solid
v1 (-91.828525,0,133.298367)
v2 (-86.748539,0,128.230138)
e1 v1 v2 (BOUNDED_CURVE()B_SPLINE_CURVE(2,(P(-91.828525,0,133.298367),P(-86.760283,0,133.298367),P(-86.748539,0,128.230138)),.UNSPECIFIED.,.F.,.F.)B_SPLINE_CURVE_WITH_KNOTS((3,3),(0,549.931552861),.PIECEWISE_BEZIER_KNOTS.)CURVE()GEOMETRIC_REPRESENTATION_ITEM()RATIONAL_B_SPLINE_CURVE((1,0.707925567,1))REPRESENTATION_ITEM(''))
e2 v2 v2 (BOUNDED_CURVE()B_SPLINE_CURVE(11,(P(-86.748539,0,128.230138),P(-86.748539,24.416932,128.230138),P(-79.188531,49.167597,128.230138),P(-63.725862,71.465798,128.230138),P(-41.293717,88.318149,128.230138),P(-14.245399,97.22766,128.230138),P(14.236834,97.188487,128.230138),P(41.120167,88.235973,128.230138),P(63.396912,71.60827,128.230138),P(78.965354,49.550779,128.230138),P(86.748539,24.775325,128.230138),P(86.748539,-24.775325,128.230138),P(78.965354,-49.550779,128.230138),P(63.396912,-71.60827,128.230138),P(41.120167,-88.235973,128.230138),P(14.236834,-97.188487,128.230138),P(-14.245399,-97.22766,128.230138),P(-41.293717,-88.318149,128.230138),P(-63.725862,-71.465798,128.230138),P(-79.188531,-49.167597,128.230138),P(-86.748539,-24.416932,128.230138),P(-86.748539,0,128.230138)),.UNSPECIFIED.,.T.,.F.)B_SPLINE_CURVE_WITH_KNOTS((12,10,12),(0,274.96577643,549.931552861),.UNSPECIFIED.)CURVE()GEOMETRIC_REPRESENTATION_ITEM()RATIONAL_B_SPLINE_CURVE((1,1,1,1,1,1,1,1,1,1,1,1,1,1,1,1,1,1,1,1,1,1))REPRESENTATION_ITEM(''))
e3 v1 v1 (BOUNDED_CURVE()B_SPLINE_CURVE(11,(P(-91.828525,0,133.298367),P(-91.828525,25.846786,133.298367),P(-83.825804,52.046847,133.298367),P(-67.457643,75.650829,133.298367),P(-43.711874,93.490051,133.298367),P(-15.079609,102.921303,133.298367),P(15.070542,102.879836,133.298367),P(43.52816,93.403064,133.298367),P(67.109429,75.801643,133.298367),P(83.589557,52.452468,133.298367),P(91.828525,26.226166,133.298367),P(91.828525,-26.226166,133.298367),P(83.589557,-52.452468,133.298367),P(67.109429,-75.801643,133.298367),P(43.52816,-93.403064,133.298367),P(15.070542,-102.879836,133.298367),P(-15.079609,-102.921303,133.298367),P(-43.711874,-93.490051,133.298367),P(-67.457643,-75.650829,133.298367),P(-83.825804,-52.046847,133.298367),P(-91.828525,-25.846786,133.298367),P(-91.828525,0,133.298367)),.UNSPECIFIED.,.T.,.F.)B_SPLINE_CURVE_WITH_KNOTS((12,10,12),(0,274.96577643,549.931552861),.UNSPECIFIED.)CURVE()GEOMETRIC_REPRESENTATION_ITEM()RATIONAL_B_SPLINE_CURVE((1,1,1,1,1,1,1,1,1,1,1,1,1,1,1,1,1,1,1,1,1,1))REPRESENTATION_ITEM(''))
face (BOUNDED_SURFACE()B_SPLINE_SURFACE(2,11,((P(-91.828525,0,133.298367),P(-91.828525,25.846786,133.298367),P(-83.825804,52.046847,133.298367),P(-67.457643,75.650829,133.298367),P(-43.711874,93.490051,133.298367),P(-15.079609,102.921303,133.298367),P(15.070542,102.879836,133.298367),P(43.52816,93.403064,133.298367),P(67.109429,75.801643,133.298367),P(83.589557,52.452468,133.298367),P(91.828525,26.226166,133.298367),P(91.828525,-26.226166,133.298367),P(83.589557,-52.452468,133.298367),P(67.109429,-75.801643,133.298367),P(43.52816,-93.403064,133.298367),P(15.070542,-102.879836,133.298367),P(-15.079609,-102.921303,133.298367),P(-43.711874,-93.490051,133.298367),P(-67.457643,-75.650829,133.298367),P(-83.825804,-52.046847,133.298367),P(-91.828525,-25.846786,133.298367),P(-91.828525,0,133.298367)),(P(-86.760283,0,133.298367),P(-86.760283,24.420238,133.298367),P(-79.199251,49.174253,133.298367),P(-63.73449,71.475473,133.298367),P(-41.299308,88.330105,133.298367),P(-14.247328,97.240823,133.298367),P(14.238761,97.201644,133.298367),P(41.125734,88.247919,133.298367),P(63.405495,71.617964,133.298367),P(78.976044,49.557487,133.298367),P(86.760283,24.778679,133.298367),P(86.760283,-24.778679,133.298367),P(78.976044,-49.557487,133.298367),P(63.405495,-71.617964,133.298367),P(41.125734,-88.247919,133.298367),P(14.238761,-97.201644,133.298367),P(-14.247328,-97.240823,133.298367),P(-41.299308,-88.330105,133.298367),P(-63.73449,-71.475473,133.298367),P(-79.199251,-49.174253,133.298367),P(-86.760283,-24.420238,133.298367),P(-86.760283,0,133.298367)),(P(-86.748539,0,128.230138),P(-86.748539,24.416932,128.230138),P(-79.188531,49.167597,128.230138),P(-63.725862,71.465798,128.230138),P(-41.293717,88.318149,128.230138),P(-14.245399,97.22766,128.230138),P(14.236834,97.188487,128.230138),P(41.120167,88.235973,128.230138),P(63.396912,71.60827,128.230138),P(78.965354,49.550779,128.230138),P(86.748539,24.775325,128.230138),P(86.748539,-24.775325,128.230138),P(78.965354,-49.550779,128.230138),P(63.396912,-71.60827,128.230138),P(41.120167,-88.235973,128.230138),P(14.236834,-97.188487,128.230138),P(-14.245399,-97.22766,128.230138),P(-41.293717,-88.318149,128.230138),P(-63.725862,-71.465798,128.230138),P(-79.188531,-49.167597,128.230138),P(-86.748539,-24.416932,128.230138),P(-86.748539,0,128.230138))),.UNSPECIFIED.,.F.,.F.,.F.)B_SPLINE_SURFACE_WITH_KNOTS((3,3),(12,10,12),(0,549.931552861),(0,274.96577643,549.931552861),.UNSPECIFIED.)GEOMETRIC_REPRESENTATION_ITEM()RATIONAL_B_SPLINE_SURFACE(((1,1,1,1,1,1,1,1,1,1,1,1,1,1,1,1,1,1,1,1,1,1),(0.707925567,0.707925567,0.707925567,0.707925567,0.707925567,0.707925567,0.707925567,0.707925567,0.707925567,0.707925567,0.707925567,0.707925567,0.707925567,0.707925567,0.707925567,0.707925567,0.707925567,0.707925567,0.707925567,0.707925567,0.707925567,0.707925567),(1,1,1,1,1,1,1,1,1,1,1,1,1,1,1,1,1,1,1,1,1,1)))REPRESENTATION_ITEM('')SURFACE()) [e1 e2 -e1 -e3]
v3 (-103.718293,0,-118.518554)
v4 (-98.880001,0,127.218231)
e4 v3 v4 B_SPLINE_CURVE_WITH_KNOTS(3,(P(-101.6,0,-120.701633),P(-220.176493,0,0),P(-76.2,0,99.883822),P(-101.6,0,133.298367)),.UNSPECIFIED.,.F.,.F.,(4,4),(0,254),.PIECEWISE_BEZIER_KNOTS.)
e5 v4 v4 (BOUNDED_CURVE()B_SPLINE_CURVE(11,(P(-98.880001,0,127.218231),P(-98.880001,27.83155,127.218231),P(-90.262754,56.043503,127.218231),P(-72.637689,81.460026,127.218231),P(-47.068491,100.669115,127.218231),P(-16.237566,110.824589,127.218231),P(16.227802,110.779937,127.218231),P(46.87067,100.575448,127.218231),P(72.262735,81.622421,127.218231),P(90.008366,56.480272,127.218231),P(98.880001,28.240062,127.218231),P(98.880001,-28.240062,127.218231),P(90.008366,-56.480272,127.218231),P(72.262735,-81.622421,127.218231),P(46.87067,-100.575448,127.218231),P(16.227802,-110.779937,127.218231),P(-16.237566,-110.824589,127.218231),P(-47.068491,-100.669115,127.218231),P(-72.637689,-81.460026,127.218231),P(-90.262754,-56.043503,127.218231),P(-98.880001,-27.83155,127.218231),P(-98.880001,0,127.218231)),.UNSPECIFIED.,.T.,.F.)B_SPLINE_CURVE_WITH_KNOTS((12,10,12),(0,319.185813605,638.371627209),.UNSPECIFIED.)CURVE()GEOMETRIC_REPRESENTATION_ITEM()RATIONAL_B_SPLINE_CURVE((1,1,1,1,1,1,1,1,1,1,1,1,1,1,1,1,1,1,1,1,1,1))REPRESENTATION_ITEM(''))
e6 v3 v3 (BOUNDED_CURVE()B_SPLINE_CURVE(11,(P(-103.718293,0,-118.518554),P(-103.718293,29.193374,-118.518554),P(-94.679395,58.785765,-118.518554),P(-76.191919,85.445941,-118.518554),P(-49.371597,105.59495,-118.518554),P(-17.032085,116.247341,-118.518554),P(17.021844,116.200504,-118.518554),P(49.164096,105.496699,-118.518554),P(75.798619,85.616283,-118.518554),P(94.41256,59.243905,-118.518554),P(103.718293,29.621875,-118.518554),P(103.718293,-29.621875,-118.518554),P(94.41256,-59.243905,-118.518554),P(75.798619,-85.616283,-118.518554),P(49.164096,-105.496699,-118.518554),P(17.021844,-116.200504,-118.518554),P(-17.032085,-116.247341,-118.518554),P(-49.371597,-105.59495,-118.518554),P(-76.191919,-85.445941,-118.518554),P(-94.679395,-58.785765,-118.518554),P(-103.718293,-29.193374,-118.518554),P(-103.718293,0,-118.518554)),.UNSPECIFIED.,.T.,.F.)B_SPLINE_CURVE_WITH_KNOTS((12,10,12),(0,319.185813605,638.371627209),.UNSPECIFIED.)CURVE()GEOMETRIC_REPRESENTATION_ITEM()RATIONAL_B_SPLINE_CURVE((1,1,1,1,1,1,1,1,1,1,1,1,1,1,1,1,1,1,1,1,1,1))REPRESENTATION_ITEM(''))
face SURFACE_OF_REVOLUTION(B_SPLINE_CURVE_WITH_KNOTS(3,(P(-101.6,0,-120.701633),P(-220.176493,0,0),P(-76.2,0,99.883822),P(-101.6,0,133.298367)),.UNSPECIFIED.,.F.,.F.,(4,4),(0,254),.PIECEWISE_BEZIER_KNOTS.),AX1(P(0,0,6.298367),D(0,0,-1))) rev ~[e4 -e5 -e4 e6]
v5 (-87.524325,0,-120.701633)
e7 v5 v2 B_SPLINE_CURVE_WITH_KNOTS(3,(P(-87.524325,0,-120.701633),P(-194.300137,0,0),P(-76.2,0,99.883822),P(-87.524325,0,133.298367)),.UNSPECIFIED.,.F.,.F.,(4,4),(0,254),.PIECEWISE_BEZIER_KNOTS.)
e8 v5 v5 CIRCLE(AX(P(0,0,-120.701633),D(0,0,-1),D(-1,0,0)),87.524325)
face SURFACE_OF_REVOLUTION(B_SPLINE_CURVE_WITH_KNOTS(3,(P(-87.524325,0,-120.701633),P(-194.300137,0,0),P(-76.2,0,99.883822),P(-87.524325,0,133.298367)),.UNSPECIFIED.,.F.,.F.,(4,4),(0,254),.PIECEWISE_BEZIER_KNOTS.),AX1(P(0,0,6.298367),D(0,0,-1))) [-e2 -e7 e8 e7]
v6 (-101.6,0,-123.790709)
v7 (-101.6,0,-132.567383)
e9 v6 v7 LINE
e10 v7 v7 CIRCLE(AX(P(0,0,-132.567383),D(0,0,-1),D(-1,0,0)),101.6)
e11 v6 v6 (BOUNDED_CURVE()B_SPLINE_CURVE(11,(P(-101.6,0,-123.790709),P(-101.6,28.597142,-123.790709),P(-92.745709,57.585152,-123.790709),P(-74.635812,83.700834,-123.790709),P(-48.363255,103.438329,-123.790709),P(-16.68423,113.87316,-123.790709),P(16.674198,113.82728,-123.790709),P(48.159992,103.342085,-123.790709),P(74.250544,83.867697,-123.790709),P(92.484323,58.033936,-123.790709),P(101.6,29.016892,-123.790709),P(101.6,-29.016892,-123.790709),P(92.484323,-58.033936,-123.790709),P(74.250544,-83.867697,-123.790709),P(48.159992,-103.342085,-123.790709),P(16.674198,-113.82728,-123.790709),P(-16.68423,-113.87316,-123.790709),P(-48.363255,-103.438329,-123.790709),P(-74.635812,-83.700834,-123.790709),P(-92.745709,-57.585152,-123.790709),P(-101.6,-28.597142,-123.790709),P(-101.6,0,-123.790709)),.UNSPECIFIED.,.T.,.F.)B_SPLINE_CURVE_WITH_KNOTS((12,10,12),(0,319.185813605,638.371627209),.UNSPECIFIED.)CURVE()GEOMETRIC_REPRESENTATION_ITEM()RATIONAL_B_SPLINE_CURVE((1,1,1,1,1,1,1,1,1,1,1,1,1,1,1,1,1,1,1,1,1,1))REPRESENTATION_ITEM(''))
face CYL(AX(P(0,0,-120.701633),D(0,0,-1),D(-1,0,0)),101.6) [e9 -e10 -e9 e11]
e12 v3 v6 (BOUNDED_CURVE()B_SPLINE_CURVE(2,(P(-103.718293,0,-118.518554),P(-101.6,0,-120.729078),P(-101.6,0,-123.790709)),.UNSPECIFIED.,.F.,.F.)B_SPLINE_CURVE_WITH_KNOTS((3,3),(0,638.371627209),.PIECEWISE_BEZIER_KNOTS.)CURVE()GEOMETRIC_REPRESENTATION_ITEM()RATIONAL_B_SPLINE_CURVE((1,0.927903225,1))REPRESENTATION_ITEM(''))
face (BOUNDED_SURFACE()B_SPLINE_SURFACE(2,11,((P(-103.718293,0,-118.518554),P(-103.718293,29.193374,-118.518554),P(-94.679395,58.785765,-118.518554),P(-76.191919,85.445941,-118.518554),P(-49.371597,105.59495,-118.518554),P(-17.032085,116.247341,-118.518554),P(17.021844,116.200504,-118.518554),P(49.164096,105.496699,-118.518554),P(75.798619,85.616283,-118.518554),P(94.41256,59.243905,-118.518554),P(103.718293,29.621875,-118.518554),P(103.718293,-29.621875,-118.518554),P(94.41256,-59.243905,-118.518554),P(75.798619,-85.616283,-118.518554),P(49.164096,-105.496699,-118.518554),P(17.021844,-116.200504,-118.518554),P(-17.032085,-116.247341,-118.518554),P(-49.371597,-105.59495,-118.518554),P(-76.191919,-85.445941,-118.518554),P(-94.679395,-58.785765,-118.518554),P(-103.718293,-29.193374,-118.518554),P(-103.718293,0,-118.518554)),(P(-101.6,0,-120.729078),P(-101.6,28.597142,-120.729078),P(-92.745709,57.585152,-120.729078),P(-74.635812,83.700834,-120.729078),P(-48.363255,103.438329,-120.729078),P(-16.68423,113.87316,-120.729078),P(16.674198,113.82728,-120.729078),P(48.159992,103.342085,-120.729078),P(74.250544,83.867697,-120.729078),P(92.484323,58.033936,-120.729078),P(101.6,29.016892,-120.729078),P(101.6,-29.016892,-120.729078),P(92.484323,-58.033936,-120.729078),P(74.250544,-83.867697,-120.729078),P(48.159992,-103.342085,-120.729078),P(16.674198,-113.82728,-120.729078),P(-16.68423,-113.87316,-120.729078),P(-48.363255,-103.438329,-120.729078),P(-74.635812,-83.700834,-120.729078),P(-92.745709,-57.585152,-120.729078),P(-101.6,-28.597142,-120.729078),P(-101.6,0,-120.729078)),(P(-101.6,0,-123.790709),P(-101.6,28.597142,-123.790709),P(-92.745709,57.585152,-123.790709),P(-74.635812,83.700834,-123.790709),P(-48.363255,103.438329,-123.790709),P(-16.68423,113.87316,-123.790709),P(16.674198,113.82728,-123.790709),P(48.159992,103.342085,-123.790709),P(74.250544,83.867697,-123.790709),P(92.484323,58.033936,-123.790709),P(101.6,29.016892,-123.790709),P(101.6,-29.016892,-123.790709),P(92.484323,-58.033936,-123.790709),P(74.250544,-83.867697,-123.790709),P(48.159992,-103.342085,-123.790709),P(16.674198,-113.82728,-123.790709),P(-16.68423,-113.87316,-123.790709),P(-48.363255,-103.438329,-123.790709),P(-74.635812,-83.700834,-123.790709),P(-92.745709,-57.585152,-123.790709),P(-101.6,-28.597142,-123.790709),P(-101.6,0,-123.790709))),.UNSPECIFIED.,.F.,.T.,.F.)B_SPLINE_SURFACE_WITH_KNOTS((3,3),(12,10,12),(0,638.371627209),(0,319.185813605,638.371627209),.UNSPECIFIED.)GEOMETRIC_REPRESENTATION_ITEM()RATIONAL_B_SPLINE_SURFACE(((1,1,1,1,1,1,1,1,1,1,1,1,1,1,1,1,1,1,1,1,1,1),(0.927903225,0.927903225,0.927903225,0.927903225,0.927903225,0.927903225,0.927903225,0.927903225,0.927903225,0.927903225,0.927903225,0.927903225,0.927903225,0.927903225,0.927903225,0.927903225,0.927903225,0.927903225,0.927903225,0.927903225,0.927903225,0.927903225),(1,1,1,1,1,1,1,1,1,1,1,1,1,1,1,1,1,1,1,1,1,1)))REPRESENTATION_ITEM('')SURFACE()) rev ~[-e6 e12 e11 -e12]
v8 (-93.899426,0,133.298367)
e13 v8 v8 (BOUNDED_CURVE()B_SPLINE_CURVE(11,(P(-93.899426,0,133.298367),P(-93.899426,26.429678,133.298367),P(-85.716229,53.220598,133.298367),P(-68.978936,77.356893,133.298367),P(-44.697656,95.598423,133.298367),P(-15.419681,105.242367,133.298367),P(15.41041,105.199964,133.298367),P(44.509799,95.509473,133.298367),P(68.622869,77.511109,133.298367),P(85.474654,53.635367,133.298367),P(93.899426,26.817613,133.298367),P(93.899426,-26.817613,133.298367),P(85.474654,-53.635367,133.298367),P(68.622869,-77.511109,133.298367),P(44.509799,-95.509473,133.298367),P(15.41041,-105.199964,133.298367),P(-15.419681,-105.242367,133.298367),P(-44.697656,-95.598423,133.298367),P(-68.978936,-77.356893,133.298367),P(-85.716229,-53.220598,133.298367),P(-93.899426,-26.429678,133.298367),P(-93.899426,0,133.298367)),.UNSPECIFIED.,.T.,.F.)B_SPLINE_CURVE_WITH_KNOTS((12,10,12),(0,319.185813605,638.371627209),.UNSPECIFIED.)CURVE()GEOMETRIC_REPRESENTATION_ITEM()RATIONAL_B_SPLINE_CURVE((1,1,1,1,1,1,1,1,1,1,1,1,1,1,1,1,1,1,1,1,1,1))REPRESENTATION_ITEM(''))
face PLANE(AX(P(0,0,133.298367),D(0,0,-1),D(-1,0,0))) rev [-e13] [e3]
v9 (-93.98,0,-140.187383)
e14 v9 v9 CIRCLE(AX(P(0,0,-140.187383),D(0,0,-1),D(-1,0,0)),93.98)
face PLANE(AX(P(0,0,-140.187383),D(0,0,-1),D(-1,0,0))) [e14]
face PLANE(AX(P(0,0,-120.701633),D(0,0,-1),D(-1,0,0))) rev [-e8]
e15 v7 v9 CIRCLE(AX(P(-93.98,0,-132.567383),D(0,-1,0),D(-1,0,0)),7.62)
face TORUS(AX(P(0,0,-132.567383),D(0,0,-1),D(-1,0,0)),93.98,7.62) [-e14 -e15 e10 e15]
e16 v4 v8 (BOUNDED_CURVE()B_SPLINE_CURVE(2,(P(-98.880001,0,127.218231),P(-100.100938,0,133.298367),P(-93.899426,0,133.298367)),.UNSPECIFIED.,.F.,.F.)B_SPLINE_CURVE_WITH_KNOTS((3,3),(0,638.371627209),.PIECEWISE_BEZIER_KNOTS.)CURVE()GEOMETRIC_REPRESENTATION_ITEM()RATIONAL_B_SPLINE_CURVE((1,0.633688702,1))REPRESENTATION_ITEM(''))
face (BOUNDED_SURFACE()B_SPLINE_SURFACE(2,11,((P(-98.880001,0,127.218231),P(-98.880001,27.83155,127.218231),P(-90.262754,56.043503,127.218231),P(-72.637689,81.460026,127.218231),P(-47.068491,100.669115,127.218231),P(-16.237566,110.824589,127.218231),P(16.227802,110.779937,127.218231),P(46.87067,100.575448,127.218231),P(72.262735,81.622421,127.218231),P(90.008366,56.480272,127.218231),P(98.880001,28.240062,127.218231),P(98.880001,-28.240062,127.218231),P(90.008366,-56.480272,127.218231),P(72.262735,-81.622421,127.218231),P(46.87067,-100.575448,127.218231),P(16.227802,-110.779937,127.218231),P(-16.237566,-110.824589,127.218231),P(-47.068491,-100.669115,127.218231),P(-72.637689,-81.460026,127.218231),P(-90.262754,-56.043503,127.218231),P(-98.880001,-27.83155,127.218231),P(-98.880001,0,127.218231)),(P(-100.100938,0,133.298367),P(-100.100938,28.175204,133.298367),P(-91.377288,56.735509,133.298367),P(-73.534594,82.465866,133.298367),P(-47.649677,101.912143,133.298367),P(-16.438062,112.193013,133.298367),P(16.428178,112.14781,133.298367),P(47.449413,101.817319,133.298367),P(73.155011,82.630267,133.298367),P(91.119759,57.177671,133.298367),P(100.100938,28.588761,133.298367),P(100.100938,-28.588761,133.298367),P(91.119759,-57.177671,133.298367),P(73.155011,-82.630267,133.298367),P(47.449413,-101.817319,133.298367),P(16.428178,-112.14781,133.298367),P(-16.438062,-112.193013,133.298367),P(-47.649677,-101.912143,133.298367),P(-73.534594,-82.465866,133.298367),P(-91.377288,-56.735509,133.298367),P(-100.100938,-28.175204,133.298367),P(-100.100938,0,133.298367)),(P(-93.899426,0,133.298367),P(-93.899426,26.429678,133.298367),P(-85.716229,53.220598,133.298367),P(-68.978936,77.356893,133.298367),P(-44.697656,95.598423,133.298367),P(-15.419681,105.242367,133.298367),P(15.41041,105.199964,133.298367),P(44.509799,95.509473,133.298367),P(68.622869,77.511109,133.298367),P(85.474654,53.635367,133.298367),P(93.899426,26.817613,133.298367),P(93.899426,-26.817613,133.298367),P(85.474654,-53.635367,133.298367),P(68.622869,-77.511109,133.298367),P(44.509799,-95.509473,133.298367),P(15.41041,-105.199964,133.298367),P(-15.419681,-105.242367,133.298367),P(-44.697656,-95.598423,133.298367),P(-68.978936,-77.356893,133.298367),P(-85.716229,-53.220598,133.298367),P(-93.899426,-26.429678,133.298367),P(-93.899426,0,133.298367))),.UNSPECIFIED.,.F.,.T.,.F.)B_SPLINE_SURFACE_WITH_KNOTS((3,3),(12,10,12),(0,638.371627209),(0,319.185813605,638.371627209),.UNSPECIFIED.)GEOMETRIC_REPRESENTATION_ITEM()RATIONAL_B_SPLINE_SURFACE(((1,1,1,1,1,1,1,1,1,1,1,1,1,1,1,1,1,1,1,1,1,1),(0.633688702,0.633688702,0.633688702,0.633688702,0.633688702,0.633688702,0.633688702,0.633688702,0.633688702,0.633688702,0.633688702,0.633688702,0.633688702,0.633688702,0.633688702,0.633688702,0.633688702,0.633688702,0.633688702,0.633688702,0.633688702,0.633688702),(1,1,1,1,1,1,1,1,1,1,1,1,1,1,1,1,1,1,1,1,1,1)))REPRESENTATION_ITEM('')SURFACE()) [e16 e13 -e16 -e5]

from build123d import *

# Parameters (mm, degrees)
F2_R = 7.62
F3_R = 5.08


with BuildPart() as f1:
    # F0 (on Front) → F1 (revolve)
    with BuildSketch(Plane.XZ):
        with BuildLine():
            add(Edge.make_bspline(
                [(-87.524325, -120.701633), (-194.300137, 0), (-76.2, 99.883822), (-87.524325, 133.298367)],
                knots=[0, 0, 0, 0, 254, 254, 254, 254], degree=3))
            Line((-87.524325, 133.298367), (-101.6, 133.298367))
            add(Edge.make_bspline(
                [(-101.6, -120.701633), (-220.176493, 0), (-76.2, 99.883822), (-101.6, 133.298367)],
                knots=[0, 0, 0, 0, 254, 254, 254, 254], degree=3))
            Line((-101.6, -120.701633), (-101.6, -140.187383))
            Line((-101.6, -140.187383), (0, -140.187383))
            Line((0, -140.187383), (0, -120.701633))
            Line((0, -120.701633), (-87.524325, -120.701633))
        make_face()
    revolve(axis=Axis((0, 0, 6.298367), (0, 0, -1)))

    # F2
    f2_edges = [f1.edges().sort_by_distance(p)[0] for p in [
        (101.6, 0, -140.187383),
        (101.6, 0, -120.701633),
    ]]
    fillet(f2_edges, radius=F2_R)

    # F3
    f3_edges = [f1.edges().sort_by_distance(p)[0] for p in [
        (101.6, 0, 133.298367),
        (87.524325, 0, 133.298367),
    ]]
    fillet(f3_edges, radius=F3_R)


solid = f1.part
